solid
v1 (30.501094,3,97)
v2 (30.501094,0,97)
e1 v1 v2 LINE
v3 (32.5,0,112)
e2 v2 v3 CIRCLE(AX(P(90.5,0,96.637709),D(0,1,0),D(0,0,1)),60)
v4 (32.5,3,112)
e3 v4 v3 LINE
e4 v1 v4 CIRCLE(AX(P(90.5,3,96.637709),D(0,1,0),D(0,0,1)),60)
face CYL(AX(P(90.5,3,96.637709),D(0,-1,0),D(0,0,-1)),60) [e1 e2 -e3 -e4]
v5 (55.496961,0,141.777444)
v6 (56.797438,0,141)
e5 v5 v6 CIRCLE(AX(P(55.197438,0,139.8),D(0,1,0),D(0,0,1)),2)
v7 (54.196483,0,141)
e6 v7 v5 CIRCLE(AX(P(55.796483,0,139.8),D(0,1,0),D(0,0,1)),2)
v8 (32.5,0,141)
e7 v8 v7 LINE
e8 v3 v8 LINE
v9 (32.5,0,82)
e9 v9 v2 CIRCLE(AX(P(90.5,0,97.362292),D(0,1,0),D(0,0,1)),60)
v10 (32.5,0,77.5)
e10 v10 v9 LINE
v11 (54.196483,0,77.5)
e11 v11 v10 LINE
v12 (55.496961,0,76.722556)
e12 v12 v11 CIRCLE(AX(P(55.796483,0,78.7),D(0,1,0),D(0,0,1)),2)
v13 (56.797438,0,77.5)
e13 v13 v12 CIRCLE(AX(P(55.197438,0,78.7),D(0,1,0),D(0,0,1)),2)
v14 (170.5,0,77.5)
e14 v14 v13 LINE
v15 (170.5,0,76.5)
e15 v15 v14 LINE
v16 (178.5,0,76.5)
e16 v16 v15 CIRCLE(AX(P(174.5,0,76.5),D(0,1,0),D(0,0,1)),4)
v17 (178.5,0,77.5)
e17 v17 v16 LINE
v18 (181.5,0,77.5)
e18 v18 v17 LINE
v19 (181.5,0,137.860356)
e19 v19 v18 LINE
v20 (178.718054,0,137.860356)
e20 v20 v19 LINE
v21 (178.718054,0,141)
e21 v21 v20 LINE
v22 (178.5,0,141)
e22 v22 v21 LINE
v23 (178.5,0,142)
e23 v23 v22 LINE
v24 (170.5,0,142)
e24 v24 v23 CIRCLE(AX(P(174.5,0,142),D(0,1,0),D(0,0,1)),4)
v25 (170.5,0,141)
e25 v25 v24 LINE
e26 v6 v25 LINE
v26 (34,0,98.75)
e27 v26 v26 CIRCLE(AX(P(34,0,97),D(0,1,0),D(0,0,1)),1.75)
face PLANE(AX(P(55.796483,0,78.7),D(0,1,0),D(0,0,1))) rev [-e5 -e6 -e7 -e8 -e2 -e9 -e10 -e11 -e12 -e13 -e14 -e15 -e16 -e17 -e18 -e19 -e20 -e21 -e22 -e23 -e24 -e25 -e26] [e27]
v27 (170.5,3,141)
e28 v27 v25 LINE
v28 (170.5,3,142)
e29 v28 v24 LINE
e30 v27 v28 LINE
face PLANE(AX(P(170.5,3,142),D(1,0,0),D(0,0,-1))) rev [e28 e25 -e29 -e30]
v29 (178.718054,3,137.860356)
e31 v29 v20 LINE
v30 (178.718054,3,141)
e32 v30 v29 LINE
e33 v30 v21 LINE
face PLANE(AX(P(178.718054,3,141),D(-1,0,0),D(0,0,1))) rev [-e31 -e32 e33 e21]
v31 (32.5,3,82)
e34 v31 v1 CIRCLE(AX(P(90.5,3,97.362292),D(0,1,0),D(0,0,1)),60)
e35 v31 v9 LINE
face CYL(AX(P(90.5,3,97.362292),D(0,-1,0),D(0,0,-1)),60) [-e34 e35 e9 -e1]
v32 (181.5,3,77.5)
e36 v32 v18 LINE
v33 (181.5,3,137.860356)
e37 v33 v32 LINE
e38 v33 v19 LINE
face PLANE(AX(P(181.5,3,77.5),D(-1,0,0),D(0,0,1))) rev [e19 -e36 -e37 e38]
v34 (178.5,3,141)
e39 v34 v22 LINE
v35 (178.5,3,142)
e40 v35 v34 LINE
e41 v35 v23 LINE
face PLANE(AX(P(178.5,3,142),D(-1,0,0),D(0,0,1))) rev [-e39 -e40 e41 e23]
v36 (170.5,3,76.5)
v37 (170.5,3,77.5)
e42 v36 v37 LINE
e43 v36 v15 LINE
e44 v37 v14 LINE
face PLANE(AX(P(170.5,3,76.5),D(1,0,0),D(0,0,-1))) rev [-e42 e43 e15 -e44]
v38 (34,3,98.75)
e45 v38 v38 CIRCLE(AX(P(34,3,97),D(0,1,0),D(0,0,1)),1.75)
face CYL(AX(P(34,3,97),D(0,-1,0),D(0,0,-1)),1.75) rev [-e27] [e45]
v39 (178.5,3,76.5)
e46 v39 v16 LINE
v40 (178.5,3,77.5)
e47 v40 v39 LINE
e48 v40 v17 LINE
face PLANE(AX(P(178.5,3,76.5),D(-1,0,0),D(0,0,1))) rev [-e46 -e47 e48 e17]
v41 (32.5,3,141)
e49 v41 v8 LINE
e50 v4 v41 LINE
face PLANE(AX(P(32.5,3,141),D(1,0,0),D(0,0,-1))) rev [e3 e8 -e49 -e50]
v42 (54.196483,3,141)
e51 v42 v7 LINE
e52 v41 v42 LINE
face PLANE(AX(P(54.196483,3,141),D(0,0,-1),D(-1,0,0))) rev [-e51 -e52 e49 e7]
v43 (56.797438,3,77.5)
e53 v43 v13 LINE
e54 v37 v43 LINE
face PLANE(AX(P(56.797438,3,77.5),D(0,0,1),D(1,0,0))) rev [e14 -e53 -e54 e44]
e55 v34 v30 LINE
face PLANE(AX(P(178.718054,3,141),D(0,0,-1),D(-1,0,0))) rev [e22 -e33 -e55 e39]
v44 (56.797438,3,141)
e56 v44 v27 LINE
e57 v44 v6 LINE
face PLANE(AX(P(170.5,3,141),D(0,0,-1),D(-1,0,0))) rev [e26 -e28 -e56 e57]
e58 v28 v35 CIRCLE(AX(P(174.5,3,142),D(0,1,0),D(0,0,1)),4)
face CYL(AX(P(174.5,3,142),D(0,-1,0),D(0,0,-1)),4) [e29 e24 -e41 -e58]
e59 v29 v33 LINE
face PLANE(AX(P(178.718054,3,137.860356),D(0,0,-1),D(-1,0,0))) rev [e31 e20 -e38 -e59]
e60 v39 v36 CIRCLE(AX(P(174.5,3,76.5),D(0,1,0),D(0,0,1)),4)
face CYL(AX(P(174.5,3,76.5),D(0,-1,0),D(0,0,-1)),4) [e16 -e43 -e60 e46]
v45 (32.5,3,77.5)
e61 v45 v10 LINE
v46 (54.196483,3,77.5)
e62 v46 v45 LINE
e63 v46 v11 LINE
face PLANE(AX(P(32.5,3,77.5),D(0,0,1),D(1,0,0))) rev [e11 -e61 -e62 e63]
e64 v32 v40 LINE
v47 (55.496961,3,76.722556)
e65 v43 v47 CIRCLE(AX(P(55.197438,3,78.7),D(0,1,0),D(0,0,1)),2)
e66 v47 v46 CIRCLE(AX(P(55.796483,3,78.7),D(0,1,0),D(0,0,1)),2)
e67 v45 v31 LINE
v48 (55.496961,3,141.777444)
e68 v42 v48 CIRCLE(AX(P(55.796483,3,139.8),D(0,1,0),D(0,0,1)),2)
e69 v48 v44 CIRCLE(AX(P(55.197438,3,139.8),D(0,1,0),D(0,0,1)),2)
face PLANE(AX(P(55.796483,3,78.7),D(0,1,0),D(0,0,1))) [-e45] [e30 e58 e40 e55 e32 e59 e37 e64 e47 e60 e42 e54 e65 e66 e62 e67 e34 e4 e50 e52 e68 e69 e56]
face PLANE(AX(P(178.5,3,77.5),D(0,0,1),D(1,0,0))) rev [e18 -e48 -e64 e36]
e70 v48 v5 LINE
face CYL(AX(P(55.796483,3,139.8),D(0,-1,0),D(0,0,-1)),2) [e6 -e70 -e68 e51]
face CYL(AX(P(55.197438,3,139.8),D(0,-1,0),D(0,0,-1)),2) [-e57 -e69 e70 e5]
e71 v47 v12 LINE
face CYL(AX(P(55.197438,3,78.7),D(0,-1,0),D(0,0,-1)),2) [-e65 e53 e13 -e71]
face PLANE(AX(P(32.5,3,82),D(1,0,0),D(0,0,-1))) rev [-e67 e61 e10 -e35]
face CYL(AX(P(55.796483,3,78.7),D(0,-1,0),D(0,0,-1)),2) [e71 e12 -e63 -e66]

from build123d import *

# Parameters (mm, degrees)
CROQUIS1_R              = 1.750000001
SALIENTE_EXTRUIR1_DEPTH = 3


with BuildPart() as part:
    # Croquis1 → Saliente-Extruir1 (new body)
    with BuildSketch(Plane(origin=(0, 0, 0), x_dir=(1, 0, 0), z_dir=(0, 1, 0))):
        with BuildLine():
            Line((32.500000027, -77.500000065), (54.196483333, -77.500000065))
            ThreePointArc((54.196483333, -77.500000065), (54.770251601, -76.983361364), (55.496960614, -76.722555719))
            ThreePointArc((55.496960614, -76.722555719), (56.223669627, -76.983361364), (56.797437895, -77.500000065))
            Line((56.797437895, -77.500000065), (170.500000144, -77.500000065))
            Line((170.500000144, -77.500000065), (170.500000144, -76.500000065))
            ThreePointArc((170.500000144, -76.500000065), (174.500000147, -72.500000061), (178.500000151, -76.500000065))
            Line((178.500000151, -76.500000065), (178.500000151, -77.500000065))
            Line((178.500000151, -77.500000065), (181.500000153, -77.500000065))
            Line((181.500000153, -77.500000065), (181.500000153, -137.860356365))
            Line((181.500000153, -137.860356365), (178.718053625, -137.860356365))
            Line((178.718053625, -137.860356365), (178.718053625, -141.000000119))
            Line((178.718053625, -141.000000119), (178.500000151, -141.000000119))
            Line((178.500000151, -141.000000119), (178.500000151, -142.00000012))
            ThreePointArc((178.500000151, -142.00000012), (174.500000147, -146.000000123), (170.500000144, -142.00000012))
            Line((170.500000144, -142.00000012), (170.500000144, -141.000000119))
            Line((170.500000144, -141.000000119), (56.797437895, -141.000000119))
            ThreePointArc((56.797437895, -141.000000119), (56.223669627, -141.516638821), (55.496960614, -141.777444465))
            ThreePointArc((55.496960614, -141.777444465), (54.770251601, -141.516638821), (54.196483333, -141.000000119))
            Line((54.196483333, -141.000000119), (32.500000027, -141.000000119))
            Line((32.500000027, -141.000000119), (32.500000027, -112.000000094))
            ThreePointArc((32.500000027, -112.000000094), (31.025757989, -104.563270659), (30.501093828, -97.000000082))
            ThreePointArc((30.501093828, -97.000000082), (31.025757989, -89.436729506), (32.500000027, -82.000000069))
            Line((32.500000027, -82.000000069), (32.500000027, -77.500000065))
        make_face()
        with Locations(Location((34.000000029, -97.000000082, 0), (0, 0, 270))):
            Circle(CROQUIS1_R, mode=Mode.SUBTRACT)
    extrude(amount=SALIENTE_EXTRUIR1_DEPTH)


solid = part.part
